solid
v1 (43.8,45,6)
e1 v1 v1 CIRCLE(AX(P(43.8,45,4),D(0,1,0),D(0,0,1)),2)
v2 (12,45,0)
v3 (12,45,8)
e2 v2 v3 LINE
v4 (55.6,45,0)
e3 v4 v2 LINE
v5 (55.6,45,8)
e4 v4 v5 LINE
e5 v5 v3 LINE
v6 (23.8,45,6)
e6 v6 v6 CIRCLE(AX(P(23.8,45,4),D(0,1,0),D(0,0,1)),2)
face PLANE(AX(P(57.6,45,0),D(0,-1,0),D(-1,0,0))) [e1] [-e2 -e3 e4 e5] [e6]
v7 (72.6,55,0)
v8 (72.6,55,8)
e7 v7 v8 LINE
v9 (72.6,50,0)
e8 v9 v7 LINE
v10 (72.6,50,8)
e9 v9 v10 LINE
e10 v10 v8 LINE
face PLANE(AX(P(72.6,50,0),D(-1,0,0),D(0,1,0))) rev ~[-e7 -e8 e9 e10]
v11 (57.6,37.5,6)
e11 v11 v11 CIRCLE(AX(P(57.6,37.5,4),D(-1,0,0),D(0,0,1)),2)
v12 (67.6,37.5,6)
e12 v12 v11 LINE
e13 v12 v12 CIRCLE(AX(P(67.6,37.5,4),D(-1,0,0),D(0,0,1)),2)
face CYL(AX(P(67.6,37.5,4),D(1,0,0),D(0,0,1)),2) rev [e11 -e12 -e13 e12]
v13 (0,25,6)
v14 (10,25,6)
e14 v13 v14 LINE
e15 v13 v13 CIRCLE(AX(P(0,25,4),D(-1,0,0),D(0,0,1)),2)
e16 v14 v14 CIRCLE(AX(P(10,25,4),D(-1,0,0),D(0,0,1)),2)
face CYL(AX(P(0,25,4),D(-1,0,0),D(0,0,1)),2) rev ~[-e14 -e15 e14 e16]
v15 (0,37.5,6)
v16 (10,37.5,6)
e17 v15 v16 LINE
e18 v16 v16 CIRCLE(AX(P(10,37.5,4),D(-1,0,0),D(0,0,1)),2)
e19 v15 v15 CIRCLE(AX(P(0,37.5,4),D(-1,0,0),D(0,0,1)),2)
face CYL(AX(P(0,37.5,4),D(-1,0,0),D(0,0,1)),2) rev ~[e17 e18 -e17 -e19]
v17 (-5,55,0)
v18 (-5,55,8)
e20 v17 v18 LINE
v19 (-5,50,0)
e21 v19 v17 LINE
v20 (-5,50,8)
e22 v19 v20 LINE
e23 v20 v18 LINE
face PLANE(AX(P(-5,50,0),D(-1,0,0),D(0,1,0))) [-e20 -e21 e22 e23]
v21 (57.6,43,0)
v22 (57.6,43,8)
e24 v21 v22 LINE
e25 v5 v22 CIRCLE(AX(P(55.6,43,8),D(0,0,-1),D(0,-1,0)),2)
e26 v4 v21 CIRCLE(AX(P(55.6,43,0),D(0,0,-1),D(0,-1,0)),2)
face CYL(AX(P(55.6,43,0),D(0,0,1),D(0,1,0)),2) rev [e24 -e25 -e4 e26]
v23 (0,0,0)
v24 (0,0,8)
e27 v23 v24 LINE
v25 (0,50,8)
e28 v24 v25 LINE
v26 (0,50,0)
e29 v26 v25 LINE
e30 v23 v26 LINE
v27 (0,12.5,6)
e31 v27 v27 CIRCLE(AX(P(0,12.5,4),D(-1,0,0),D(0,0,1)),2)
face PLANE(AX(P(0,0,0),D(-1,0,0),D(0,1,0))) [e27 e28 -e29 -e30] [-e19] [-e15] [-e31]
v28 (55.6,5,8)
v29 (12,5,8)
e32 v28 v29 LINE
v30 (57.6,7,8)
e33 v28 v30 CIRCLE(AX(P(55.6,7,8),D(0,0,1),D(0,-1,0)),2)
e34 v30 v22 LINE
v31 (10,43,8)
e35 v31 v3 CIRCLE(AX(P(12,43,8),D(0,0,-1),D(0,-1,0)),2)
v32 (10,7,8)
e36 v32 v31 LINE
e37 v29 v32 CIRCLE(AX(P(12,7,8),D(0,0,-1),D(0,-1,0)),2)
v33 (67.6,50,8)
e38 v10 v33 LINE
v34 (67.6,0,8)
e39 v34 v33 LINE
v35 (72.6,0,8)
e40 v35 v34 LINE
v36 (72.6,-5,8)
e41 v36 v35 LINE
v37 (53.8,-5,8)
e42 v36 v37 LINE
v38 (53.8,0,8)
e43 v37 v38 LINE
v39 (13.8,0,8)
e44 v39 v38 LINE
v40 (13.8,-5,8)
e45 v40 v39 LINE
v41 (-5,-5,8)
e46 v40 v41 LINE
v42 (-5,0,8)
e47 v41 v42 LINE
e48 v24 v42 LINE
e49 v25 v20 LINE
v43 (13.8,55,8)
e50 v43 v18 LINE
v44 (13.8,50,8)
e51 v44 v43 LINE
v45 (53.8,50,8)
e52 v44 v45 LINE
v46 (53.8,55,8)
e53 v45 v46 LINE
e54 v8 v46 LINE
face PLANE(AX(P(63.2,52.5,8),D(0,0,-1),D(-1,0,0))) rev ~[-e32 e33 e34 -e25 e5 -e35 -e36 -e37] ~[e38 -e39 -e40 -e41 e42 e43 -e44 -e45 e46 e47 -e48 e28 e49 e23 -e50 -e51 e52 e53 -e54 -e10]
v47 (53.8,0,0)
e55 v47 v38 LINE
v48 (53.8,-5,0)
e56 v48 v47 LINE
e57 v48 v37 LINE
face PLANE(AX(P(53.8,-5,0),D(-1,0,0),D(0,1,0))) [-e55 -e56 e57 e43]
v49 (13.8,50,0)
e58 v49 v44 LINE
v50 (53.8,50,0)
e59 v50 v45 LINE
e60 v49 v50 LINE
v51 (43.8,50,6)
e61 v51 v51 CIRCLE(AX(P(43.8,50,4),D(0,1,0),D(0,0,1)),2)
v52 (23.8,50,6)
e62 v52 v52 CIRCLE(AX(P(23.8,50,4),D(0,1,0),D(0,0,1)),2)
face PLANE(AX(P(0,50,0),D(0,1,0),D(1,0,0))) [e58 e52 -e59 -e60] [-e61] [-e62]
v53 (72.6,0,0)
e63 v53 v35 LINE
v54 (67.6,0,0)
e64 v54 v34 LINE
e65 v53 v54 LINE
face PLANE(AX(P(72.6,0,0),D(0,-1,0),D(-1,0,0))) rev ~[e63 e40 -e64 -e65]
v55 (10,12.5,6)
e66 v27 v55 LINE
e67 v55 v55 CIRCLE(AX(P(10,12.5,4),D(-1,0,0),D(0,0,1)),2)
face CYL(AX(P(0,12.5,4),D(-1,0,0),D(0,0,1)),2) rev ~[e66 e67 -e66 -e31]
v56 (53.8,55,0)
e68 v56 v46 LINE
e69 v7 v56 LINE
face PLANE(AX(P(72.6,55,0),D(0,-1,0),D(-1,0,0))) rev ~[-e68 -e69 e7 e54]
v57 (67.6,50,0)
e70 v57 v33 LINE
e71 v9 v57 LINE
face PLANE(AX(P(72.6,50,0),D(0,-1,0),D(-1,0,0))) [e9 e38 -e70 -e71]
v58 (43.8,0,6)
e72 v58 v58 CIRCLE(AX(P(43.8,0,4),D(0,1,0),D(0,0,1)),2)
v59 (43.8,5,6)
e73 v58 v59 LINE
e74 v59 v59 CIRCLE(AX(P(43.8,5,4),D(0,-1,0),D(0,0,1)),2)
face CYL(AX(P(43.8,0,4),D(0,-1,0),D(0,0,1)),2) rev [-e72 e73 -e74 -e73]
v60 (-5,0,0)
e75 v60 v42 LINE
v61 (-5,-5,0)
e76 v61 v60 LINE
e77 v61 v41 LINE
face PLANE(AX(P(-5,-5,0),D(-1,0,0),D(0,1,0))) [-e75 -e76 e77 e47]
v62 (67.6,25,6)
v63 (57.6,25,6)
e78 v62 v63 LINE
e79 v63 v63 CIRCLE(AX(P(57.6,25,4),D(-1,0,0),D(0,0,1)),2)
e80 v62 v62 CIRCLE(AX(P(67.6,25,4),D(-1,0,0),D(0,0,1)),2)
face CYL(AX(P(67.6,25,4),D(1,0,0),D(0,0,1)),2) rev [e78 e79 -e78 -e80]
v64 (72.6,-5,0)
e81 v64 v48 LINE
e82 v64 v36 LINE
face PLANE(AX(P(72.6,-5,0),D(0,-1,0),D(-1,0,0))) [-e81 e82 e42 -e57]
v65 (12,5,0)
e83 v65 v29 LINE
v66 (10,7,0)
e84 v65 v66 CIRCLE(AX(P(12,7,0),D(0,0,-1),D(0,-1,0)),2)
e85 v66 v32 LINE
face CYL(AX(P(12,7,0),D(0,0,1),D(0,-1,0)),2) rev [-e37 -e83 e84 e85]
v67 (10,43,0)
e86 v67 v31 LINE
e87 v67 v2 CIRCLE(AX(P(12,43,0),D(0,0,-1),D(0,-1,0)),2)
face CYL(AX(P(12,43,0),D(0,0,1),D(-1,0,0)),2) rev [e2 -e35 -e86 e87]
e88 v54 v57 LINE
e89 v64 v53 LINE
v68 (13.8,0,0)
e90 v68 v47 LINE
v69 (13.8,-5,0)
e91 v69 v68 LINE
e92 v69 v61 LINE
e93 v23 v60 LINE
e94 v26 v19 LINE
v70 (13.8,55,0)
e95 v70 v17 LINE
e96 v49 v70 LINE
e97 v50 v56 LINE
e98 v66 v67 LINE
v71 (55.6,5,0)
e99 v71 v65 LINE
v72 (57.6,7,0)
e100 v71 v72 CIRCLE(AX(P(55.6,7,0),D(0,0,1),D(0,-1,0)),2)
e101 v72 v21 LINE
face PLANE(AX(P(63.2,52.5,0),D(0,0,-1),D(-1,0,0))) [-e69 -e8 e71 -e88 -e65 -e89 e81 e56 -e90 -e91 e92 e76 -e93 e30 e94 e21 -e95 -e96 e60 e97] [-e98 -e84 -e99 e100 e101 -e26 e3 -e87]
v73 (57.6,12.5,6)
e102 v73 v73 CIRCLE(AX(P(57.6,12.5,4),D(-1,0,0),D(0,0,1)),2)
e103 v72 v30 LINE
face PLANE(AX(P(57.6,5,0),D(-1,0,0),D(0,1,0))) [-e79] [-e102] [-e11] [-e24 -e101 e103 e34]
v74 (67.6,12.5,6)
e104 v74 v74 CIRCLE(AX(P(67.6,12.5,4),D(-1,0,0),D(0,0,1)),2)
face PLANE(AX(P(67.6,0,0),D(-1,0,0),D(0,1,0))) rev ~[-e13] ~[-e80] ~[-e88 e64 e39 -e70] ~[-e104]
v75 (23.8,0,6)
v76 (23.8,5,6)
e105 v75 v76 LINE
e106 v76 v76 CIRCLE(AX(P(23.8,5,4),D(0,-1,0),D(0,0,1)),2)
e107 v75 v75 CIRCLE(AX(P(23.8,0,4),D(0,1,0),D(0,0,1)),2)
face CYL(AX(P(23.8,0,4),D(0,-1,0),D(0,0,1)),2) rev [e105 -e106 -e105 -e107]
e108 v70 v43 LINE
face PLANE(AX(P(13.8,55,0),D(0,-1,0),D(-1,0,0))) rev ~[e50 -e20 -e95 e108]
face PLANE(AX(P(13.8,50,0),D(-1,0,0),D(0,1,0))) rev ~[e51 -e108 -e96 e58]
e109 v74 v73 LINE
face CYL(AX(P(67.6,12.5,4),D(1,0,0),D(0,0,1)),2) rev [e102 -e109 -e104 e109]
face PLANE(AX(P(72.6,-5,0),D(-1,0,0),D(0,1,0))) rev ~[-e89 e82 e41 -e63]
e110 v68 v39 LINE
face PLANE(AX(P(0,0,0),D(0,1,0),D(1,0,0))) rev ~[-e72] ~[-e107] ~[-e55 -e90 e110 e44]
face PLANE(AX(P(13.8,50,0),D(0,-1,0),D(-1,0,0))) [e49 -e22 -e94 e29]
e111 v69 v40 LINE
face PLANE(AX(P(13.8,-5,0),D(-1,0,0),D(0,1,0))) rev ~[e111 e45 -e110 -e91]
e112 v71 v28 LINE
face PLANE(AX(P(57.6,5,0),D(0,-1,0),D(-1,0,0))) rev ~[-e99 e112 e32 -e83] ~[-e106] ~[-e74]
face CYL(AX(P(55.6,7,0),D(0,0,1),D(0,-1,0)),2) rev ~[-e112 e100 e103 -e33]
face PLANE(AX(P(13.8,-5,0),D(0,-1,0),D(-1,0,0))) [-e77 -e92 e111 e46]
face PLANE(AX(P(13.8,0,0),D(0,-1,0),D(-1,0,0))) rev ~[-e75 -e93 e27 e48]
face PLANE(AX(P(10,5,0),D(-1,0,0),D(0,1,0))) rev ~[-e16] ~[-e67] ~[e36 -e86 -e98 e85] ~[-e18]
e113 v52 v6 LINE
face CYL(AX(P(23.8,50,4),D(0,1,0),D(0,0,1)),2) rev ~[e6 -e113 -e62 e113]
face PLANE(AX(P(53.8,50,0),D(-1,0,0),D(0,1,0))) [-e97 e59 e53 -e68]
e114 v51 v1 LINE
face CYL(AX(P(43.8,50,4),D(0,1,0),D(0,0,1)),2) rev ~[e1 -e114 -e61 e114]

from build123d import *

# Parameters (mm, degrees)
SKETCH_1_W          = 67.6
SKETCH_1_H          = 50
EXTRUDE_1_DEPTH     = 8
SKETCH_2_R          = 2
CUT_EXTRUDE_1_DEPTH = 10
SKETCH_3_R          = 2
CUT_EXTRUDE_2_DEPTH = 10
SKETCH_4_W          = 18.8
SKETCH_4_H          = 5
EXTRUDE_2_DEPTH     = 8
SKETCH_5_W          = 47.6
SKETCH_5_H          = 40
CUT_EXTRUDE_3_DEPTH = 8
FILLET_1_R          = 2


with BuildPart() as part:
    # 草图1 → 凸台-拉伸1 (new body)
    with BuildSketch(Plane.XY):
        with Locations((33.8, 25)):
            Rectangle(SKETCH_1_W, SKETCH_1_H)
    extrude(amount=EXTRUDE_1_DEPTH)

    # 草图2 → 切除-拉伸1 (cut)
    with BuildSketch(Plane.ZY):
        with Locations((4, 37.5)):
            Circle(SKETCH_2_R)
        with Locations((4, 25)):
            Circle(SKETCH_2_R)
        with Locations((4, 12.5)):
            Circle(SKETCH_2_R)
    cut_extrude_1 = extrude(amount=-CUT_EXTRUDE_1_DEPTH, mode=Mode.SUBTRACT)

    # 镜向1: 切除-拉伸1 across plane
    add(cut_extrude_1.mirror(Plane(origin=(33.8, 0, 0), x_dir=(0, 0, 1), z_dir=(1, 0, 0))), mode=Mode.SUBTRACT)

    # 草图3 → 切除-拉伸2 (cut)
    with BuildSketch(Plane(origin=(0, 50, 0), x_dir=(1, 0, 0), z_dir=(0, 1, 0))):
        with Locations(Location((23.8, -4, 0), (0, 0, 270))):
            Circle(SKETCH_3_R)
        with Locations(Location((43.8, -4, 0), (0, 0, 270))):
            Circle(SKETCH_3_R)
    cut_extrude_2 = extrude(amount=-CUT_EXTRUDE_2_DEPTH, mode=Mode.SUBTRACT)

    # 镜向2: 切除-拉伸2 across plane
    add(cut_extrude_2.mirror(Plane.ZX.offset(25)), mode=Mode.SUBTRACT)

    # 草图4 → 凸台-拉伸2 (add)
    with BuildSketch(Plane(origin=(0, 0, 0), x_dir=(-1, 0, 0), z_dir=(0, 0, -1))):
        with Locations((-63.2, 52.5)):
            Rectangle(SKETCH_4_W, SKETCH_4_H)
        with Locations((-63.2, -2.5)):
            Rectangle(SKETCH_4_W, SKETCH_4_H)
        with Locations((-4.4, -2.5)):
            Rectangle(SKETCH_4_W, SKETCH_4_H)
        with Locations((-4.4, 52.5)):
            Rectangle(SKETCH_4_W, SKETCH_4_H)
    extrude(amount=-EXTRUDE_2_DEPTH)

    # 草图5 → 切除-拉伸3 (cut)
    with BuildSketch(Plane(origin=(0, 0, 0), x_dir=(-1, 0, 0), z_dir=(0, 0, -1))):
        with Locations((-33.8, 25)):
            Rectangle(SKETCH_5_W, SKETCH_5_H)
    extrude(amount=-CUT_EXTRUDE_3_DEPTH, mode=Mode.SUBTRACT)

    # 圆角1
    fillet_1_edges = [part.edges().sort_by_distance(p)[0] for p in [
        (10, 45, 4),
        (57.6, 45, 4),
        (57.6, 5, 4),
        (10, 5, 4),
    ]]
    fillet(fillet_1_edges, radius=FILLET_1_R)


solid = part.part
